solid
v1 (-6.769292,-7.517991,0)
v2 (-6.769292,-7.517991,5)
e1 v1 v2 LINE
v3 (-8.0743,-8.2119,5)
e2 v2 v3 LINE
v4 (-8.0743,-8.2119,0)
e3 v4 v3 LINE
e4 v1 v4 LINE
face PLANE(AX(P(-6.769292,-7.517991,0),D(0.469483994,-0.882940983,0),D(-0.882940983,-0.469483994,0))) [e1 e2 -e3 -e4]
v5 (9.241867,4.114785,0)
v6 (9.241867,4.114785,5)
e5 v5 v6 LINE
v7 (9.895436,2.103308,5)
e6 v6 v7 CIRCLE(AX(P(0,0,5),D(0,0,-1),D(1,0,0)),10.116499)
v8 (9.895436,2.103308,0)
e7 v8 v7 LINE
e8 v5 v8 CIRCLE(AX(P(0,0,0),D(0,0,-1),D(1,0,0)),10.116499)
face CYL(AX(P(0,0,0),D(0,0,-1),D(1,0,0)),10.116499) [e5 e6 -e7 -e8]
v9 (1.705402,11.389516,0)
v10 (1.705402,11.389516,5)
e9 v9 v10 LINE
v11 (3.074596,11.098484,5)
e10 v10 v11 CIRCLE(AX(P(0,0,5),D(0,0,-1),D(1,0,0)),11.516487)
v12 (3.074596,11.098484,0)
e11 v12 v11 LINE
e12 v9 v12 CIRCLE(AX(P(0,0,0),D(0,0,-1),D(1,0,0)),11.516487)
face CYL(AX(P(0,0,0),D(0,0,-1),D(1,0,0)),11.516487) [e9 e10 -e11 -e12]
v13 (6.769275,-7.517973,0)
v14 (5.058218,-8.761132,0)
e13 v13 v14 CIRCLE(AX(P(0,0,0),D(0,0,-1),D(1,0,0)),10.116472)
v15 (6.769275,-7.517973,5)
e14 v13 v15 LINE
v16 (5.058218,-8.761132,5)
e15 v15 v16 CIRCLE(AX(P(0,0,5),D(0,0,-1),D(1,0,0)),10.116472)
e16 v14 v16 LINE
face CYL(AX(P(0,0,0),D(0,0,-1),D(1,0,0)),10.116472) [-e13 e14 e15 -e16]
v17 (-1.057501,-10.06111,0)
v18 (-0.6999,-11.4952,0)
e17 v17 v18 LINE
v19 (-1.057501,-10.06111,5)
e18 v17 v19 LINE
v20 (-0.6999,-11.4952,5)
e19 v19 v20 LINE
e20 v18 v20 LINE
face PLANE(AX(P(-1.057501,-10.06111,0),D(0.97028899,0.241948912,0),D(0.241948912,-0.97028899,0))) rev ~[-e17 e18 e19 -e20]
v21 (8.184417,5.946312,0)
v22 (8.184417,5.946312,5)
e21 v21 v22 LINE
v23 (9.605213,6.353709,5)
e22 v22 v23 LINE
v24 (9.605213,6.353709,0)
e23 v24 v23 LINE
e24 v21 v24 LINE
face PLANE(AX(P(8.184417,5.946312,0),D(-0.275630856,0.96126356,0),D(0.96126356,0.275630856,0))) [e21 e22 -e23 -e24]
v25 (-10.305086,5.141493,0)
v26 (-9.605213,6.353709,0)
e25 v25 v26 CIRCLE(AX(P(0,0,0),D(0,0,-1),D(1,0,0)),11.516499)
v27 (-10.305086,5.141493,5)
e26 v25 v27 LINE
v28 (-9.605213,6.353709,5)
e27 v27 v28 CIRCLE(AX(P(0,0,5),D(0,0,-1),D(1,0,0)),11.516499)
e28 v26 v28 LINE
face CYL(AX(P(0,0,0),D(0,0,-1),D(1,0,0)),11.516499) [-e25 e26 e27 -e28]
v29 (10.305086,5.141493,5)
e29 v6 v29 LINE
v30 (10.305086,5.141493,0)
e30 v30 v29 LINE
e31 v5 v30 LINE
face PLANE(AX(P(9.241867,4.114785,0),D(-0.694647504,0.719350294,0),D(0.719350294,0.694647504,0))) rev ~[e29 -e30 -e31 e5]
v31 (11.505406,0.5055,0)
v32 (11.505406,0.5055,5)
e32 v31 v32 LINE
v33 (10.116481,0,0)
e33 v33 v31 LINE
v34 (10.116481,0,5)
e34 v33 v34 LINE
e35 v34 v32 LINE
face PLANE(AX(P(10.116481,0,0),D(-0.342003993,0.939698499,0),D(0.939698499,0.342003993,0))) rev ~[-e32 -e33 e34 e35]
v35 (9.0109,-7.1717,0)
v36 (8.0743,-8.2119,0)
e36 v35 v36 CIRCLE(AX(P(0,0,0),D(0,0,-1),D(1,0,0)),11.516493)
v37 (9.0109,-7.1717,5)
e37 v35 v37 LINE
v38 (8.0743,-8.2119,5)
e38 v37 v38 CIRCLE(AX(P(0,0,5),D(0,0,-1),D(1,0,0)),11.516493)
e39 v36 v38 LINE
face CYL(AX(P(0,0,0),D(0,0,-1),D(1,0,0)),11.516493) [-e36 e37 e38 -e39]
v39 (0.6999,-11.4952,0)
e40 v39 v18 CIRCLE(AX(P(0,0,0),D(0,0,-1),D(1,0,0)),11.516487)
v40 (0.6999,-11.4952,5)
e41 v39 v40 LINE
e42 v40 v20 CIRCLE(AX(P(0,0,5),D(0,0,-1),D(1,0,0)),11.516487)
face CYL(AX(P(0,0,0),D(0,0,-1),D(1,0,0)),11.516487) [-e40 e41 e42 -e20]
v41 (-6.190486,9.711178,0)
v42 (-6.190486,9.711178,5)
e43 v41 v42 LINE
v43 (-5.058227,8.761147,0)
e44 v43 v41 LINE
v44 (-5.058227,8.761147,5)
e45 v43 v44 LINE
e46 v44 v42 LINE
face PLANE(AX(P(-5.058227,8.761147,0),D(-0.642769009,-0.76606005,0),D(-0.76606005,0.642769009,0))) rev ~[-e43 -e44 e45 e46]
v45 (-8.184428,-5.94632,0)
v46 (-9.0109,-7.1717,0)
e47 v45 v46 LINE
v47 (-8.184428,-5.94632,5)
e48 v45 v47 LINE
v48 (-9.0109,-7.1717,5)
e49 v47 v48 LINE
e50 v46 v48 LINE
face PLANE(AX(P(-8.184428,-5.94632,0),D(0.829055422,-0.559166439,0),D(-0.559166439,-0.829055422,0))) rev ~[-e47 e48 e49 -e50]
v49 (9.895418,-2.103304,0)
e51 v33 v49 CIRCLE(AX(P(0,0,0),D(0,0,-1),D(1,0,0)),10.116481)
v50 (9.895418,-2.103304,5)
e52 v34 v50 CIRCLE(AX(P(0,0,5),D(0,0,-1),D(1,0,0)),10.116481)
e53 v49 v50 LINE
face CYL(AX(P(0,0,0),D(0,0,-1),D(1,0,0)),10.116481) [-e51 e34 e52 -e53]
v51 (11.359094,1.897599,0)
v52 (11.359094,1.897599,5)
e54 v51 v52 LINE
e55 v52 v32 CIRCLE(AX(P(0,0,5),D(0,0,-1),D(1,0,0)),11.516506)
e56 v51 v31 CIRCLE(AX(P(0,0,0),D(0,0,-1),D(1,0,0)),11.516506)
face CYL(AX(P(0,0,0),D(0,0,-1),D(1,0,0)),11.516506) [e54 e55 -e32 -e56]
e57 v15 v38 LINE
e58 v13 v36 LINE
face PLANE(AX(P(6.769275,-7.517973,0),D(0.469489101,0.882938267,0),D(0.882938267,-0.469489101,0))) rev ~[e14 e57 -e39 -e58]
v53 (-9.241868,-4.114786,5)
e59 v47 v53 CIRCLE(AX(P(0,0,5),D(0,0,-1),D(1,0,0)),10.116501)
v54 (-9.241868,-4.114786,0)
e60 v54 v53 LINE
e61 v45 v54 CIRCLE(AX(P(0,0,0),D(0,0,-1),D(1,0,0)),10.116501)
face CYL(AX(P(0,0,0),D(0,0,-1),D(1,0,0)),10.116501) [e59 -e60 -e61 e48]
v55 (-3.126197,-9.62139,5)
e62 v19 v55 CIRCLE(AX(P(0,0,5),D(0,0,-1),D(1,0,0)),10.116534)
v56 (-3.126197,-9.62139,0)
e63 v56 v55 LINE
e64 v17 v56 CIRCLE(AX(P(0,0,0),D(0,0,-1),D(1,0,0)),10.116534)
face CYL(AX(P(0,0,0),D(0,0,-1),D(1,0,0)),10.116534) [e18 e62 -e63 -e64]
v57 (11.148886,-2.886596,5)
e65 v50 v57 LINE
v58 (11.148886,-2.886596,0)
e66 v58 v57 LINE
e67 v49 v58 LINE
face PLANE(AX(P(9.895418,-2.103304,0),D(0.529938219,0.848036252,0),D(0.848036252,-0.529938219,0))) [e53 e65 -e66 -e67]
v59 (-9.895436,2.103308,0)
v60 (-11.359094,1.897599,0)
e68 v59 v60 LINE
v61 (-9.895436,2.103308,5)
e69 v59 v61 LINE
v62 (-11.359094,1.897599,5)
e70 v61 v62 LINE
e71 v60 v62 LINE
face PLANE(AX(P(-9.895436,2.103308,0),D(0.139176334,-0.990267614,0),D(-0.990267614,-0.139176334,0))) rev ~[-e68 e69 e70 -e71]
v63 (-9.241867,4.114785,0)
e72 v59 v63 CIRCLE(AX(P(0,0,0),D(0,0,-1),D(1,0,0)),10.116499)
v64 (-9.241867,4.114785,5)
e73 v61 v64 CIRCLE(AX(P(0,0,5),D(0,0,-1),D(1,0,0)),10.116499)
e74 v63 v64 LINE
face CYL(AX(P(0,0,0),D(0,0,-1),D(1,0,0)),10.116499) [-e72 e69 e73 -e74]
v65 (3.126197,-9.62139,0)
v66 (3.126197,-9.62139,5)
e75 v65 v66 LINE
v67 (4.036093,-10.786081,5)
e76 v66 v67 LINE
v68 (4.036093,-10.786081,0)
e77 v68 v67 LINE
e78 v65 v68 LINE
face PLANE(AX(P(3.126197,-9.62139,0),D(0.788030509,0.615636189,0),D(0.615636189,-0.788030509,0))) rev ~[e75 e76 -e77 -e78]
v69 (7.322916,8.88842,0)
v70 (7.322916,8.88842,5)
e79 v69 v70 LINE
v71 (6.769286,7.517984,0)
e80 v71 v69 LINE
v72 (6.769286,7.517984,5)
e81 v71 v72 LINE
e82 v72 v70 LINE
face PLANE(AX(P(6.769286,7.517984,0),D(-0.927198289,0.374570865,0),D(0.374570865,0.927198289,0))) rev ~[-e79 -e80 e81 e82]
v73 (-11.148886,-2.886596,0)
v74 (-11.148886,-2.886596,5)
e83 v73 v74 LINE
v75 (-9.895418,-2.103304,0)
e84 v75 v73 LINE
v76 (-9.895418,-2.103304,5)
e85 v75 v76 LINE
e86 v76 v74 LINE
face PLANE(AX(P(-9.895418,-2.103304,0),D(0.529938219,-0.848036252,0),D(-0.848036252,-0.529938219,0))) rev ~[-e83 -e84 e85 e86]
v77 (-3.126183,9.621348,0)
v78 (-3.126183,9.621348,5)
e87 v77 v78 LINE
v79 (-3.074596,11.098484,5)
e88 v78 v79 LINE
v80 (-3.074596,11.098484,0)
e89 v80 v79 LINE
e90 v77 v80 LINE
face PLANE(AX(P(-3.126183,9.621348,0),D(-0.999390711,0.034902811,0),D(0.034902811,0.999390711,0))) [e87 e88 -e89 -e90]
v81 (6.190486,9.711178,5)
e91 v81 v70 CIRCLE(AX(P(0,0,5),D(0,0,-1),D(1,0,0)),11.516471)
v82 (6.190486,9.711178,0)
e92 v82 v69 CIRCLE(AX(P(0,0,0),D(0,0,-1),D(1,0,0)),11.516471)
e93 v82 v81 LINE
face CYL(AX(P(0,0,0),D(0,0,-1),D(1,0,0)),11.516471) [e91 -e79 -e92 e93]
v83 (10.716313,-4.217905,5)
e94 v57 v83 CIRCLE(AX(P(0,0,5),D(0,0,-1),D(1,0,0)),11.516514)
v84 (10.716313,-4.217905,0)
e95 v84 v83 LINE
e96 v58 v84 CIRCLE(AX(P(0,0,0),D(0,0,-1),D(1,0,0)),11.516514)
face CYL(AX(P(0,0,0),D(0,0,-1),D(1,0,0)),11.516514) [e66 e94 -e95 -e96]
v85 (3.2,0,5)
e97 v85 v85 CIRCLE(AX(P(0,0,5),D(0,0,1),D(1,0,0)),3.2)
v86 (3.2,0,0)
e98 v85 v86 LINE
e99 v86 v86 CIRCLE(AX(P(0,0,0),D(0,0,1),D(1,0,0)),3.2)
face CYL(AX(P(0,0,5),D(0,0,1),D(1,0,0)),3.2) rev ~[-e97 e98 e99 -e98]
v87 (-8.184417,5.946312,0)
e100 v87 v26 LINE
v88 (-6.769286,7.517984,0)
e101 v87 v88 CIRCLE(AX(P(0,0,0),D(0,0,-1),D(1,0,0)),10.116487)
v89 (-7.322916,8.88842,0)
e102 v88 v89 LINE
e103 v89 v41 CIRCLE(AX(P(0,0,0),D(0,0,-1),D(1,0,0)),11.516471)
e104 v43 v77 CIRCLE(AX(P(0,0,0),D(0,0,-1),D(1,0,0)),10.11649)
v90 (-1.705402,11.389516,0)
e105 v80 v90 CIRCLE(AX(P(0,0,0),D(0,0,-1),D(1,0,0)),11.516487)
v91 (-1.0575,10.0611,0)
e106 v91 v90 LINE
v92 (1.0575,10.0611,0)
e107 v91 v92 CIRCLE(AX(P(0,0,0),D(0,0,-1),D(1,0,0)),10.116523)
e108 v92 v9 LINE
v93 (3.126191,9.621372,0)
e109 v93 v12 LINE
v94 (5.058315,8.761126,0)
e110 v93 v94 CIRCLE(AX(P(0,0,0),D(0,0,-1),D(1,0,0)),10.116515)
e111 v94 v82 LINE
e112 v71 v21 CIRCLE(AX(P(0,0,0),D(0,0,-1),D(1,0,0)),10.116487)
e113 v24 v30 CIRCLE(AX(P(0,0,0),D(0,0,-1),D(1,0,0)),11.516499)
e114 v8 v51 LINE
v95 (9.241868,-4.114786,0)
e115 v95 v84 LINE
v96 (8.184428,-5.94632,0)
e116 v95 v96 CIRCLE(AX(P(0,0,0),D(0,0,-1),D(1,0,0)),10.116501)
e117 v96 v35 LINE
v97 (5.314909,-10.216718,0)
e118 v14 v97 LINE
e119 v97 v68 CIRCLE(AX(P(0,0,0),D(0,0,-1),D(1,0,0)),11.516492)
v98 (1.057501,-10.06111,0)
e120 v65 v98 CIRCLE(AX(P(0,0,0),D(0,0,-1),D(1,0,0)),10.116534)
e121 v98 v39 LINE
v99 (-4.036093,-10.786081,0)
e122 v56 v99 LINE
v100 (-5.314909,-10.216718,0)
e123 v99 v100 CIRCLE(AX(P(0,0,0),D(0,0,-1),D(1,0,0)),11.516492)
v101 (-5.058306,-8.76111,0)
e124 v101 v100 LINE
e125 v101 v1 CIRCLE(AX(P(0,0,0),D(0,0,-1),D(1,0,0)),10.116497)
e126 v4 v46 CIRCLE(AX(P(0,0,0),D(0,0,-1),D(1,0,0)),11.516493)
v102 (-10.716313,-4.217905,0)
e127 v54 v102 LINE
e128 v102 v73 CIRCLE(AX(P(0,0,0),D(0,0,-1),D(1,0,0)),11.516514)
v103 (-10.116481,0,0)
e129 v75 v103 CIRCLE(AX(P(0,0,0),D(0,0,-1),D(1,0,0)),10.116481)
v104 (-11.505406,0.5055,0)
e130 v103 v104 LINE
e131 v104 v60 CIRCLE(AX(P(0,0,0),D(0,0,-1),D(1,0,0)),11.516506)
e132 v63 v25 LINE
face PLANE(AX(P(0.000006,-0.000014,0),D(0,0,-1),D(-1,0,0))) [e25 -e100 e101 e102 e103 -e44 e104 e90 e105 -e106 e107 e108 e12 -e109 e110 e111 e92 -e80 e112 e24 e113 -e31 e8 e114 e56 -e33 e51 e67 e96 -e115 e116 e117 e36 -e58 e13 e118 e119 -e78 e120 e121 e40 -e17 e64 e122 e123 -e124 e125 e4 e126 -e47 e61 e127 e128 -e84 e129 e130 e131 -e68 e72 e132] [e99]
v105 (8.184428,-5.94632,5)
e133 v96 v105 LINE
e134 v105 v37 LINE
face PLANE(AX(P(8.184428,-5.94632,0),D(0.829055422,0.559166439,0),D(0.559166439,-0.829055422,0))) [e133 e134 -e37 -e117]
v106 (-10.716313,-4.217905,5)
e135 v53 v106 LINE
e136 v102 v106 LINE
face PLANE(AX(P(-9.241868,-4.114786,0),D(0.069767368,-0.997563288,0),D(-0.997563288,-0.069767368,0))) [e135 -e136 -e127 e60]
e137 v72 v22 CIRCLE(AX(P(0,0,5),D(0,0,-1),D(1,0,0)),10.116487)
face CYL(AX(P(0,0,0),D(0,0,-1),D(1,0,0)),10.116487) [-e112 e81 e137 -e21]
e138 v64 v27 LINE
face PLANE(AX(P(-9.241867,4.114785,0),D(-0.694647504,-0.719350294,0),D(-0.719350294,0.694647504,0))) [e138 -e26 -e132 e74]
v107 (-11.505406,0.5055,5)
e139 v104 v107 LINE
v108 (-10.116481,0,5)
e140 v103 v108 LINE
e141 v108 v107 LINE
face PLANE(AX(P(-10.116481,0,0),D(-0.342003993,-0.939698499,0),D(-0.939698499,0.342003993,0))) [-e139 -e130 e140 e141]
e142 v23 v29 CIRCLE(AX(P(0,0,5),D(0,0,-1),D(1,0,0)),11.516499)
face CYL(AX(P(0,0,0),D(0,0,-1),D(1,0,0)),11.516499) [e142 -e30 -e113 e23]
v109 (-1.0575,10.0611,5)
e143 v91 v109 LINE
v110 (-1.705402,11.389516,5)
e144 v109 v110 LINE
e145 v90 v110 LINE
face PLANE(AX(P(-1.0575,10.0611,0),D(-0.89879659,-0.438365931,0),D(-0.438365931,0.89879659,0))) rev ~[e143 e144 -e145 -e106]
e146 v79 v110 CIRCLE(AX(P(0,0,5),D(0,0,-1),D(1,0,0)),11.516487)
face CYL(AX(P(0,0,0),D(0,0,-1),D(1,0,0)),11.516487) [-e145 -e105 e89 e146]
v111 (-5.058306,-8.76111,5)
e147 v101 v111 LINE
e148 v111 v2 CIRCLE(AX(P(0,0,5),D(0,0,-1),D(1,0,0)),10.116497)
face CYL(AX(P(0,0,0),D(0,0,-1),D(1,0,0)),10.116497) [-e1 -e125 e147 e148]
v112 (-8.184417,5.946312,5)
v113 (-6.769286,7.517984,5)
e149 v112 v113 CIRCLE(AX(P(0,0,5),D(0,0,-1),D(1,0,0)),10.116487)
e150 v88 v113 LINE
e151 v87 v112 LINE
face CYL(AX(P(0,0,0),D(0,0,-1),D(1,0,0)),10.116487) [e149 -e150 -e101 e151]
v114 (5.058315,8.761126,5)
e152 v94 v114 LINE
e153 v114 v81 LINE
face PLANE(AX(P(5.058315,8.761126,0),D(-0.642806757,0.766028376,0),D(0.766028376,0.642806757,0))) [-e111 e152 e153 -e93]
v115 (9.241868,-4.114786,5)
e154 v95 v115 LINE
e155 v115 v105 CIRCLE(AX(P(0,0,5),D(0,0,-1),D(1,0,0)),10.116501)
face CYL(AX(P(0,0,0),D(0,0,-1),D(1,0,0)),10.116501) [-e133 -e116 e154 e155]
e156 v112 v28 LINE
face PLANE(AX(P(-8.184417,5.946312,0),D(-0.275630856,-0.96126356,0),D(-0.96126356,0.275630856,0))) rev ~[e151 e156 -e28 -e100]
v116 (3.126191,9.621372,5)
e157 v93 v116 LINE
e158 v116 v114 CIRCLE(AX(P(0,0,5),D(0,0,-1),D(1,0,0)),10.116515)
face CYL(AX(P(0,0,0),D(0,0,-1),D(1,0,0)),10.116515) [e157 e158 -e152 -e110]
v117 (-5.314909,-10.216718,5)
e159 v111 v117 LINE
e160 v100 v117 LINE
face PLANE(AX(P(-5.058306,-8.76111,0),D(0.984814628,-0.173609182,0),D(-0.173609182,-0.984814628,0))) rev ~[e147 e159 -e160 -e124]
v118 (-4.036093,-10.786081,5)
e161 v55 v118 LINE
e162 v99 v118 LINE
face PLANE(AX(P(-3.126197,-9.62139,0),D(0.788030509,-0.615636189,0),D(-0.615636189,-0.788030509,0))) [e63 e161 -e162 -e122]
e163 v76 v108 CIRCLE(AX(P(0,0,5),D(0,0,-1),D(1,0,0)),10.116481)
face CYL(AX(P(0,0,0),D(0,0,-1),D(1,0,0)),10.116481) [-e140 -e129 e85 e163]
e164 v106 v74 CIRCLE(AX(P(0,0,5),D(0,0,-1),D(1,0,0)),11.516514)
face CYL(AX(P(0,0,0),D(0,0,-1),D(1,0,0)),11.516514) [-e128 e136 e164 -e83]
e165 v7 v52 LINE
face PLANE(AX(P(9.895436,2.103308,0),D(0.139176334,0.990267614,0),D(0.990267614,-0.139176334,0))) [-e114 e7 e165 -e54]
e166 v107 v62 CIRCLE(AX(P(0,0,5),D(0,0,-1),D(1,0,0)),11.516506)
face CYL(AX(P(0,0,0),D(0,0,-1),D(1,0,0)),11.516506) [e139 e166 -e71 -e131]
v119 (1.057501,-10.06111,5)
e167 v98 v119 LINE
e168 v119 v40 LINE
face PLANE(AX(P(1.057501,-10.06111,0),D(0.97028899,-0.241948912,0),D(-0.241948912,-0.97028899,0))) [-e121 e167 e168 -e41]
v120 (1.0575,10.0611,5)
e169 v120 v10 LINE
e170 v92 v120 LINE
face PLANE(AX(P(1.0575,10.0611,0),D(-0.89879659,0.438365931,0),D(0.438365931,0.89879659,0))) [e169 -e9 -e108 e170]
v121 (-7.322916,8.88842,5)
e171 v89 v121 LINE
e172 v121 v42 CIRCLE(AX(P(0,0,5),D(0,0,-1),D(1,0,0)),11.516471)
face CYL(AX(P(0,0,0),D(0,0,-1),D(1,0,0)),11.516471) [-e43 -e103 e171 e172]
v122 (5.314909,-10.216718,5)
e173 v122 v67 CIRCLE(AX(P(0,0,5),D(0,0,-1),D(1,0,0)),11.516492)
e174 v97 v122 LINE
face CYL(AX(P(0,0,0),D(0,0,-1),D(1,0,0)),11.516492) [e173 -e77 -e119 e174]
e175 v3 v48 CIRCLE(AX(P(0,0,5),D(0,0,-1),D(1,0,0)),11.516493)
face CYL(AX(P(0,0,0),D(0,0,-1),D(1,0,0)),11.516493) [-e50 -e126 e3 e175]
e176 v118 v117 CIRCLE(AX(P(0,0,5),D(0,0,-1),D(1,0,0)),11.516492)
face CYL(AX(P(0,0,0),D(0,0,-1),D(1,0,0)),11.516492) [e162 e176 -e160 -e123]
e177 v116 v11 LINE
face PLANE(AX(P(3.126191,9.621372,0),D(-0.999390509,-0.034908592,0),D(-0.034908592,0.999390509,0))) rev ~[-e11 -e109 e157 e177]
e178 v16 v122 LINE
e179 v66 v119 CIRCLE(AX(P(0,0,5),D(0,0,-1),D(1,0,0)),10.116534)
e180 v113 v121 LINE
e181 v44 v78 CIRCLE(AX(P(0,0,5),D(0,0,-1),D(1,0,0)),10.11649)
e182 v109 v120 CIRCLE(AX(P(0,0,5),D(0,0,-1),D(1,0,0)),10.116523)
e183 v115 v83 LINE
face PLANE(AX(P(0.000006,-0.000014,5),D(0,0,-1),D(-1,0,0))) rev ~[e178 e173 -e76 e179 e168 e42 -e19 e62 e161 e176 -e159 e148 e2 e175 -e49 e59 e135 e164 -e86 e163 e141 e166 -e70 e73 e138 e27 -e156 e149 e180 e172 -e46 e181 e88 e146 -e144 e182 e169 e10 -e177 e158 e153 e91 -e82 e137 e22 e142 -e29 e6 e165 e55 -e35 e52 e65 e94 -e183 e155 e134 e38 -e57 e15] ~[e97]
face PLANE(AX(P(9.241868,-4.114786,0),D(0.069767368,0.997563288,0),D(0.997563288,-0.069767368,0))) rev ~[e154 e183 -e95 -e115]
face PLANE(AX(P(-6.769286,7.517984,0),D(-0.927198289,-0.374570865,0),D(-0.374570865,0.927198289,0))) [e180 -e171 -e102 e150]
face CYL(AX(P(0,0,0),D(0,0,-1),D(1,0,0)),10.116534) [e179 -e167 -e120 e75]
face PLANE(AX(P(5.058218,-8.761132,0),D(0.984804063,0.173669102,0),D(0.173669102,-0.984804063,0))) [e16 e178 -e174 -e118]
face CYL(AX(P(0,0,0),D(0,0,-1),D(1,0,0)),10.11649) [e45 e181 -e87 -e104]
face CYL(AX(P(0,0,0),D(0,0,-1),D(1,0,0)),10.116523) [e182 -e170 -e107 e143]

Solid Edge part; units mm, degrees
sketch "Sketch1" plane through (0, 0, 0) normal (0, 0, 1) x (1, 0, 0)
  arc A0 (9.2419, 4.1148) -> (9.8954, 2.1033) centre (0, 0) cw
  line L0 (9.8954, 2.1033) -> (11.3591, 1.8976)
  arc A1 (11.3591, 1.8976) -> (11.5054, 0.5055) centre (0, 0) cw
  line L1 (10.1165, 0) -> (11.5054, 0.5055)
  arc A2 (10.1165, 0) -> (9.8954, -2.1033) centre (0, 0) cw
  line L2 (9.8954, -2.1033) -> (11.1489, -2.8866)
  arc A3 (11.1489, -2.8866) -> (10.7163, -4.2179) centre (0, 0) cw
  line L3 (9.2419, -4.1148) -> (10.7163, -4.2179)
  arc A4 (9.2419, -4.1148) -> (8.1844, -5.9463) centre (0, 0) cw
  line L4 (8.1844, -5.9463) -> (9.0109, -7.1717)
  arc A5 (9.0109, -7.1717) -> (8.0743, -8.2119) centre (0, 0) cw
  line L5 (6.7693, -7.518) -> (8.0743, -8.2119)
  arc A6 (6.7693, -7.518) -> (5.0582, -8.7611) centre (0, 0) cw
  line L6 (5.0582, -8.7611) -> (5.3149, -10.2167)
  arc A7 (5.3149, -10.2167) -> (4.0361, -10.7861) centre (0, 0) cw
  line L7 (3.1262, -9.6214) -> (4.0361, -10.7861)
  arc A8 (3.1262, -9.6214) -> (1.0575, -10.0611) centre (0, 0) cw
  line L8 (1.0575, -10.0611) -> (0.6999, -11.4952)
  arc A9 (0.6999, -11.4952) -> (-0.6999, -11.4952) centre (0, 0) cw
  line L9 (-1.0575, -10.0611) -> (-0.6999, -11.4952)
  arc A10 (-1.0575, -10.0611) -> (-3.1262, -9.6214) centre (0, 0) cw
  line L10 (-3.1262, -9.6214) -> (-4.0361, -10.7861)
  arc A11 (-4.0361, -10.7861) -> (-5.3149, -10.2167) centre (0, 0) cw
  line L11 (-5.0583, -8.7611) -> (-5.3149, -10.2167)
  arc A12 (-5.0583, -8.7611) -> (-6.7693, -7.518) centre (0, 0) cw
  line L12 (-6.7693, -7.518) -> (-8.0743, -8.2119)
  arc A13 (-8.0743, -8.2119) -> (-9.0109, -7.1717) centre (0, 0) cw
  line L13 (-8.1844, -5.9463) -> (-9.0109, -7.1717)
  arc A14 (-8.1844, -5.9463) -> (-9.2419, -4.1148) centre (0, 0) cw
  line L14 (-9.2419, -4.1148) -> (-10.7163, -4.2179)
  arc A15 (-10.7163, -4.2179) -> (-11.1489, -2.8866) centre (0, 0) cw
  line L15 (-9.8954, -2.1033) -> (-11.1489, -2.8866)
  arc A16 (-9.8954, -2.1033) -> (-10.1165, 0) centre (0, 0) cw
  line L16 (-10.1165, 0) -> (-11.5054, 0.5055)
  arc A17 (-11.5054, 0.5055) -> (-11.3591, 1.8976) centre (0, 0) cw
  line L17 (-9.8954, 2.1033) -> (-11.3591, 1.8976)
  arc A18 (-9.8954, 2.1033) -> (-9.2419, 4.1148) centre (0, 0) cw
  line L18 (-9.2419, 4.1148) -> (-10.3051, 5.1415)
  arc A19 (-10.3051, 5.1415) -> (-9.6052, 6.3537) centre (0, 0) cw
  line L19 (-8.1844, 5.9463) -> (-9.6052, 6.3537)
  arc A20 (-8.1844, 5.9463) -> (-6.7693, 7.518) centre (0, 0) cw
  line L20 (-6.7693, 7.518) -> (-7.3229, 8.8884)
  arc A21 (-7.3229, 8.8884) -> (-6.1905, 9.7112) centre (0, 0) cw
  line L21 (-5.0582, 8.7611) -> (-6.1905, 9.7112)
  arc A22 (-5.0582, 8.7611) -> (-3.1262, 9.6214) centre (0, 0) cw
  line L22 (-3.1262, 9.6214) -> (-3.0746, 11.0985)
  arc A23 (-3.0746, 11.0985) -> (-1.7054, 11.3895) centre (0, 0) cw
  line L23 (-1.0575, 10.0611) -> (-1.7054, 11.3895)
  arc A24 (-1.0575, 10.0611) -> (1.0575, 10.0611) centre (0, 0) cw
  line L24 (1.0575, 10.0611) -> (1.7054, 11.3895)
  arc A25 (1.7054, 11.3895) -> (3.0746, 11.0985) centre (0, 0) cw
  line L25 (3.1262, 9.6214) -> (3.0746, 11.0985)
  arc A26 (3.1262, 9.6214) -> (5.0583, 8.7611) centre (0, 0) cw
  line L26 (5.0583, 8.7611) -> (6.1905, 9.7112)
  arc A27 (6.1905, 9.7112) -> (7.3229, 8.8884) centre (0, 0) cw
  line L27 (6.7693, 7.518) -> (7.3229, 8.8884)
  arc A28 (6.7693, 7.518) -> (8.1844, 5.9463) centre (0, 0) cw
  line L28 (8.1844, 5.9463) -> (9.6052, 6.3537)
  arc A29 (9.6052, 6.3537) -> (10.3051, 5.1415) centre (0, 0) cw
  line L29 (9.2419, 4.1148) -> (10.3051, 5.1415)
extrude "Protrusion1" add sketch "Sketch1" along normal blind 5
sketch "Sketch2" plane through (0, 0, 5) normal (0, 0, 1) x (1, 0, 0)
  circle A0 centre (0, 0) radius 3.2
extrude "Cutout1" cut sketch "Sketch2" along normal through all and the other way through all
properties material "ABS Plastic, high impact"
